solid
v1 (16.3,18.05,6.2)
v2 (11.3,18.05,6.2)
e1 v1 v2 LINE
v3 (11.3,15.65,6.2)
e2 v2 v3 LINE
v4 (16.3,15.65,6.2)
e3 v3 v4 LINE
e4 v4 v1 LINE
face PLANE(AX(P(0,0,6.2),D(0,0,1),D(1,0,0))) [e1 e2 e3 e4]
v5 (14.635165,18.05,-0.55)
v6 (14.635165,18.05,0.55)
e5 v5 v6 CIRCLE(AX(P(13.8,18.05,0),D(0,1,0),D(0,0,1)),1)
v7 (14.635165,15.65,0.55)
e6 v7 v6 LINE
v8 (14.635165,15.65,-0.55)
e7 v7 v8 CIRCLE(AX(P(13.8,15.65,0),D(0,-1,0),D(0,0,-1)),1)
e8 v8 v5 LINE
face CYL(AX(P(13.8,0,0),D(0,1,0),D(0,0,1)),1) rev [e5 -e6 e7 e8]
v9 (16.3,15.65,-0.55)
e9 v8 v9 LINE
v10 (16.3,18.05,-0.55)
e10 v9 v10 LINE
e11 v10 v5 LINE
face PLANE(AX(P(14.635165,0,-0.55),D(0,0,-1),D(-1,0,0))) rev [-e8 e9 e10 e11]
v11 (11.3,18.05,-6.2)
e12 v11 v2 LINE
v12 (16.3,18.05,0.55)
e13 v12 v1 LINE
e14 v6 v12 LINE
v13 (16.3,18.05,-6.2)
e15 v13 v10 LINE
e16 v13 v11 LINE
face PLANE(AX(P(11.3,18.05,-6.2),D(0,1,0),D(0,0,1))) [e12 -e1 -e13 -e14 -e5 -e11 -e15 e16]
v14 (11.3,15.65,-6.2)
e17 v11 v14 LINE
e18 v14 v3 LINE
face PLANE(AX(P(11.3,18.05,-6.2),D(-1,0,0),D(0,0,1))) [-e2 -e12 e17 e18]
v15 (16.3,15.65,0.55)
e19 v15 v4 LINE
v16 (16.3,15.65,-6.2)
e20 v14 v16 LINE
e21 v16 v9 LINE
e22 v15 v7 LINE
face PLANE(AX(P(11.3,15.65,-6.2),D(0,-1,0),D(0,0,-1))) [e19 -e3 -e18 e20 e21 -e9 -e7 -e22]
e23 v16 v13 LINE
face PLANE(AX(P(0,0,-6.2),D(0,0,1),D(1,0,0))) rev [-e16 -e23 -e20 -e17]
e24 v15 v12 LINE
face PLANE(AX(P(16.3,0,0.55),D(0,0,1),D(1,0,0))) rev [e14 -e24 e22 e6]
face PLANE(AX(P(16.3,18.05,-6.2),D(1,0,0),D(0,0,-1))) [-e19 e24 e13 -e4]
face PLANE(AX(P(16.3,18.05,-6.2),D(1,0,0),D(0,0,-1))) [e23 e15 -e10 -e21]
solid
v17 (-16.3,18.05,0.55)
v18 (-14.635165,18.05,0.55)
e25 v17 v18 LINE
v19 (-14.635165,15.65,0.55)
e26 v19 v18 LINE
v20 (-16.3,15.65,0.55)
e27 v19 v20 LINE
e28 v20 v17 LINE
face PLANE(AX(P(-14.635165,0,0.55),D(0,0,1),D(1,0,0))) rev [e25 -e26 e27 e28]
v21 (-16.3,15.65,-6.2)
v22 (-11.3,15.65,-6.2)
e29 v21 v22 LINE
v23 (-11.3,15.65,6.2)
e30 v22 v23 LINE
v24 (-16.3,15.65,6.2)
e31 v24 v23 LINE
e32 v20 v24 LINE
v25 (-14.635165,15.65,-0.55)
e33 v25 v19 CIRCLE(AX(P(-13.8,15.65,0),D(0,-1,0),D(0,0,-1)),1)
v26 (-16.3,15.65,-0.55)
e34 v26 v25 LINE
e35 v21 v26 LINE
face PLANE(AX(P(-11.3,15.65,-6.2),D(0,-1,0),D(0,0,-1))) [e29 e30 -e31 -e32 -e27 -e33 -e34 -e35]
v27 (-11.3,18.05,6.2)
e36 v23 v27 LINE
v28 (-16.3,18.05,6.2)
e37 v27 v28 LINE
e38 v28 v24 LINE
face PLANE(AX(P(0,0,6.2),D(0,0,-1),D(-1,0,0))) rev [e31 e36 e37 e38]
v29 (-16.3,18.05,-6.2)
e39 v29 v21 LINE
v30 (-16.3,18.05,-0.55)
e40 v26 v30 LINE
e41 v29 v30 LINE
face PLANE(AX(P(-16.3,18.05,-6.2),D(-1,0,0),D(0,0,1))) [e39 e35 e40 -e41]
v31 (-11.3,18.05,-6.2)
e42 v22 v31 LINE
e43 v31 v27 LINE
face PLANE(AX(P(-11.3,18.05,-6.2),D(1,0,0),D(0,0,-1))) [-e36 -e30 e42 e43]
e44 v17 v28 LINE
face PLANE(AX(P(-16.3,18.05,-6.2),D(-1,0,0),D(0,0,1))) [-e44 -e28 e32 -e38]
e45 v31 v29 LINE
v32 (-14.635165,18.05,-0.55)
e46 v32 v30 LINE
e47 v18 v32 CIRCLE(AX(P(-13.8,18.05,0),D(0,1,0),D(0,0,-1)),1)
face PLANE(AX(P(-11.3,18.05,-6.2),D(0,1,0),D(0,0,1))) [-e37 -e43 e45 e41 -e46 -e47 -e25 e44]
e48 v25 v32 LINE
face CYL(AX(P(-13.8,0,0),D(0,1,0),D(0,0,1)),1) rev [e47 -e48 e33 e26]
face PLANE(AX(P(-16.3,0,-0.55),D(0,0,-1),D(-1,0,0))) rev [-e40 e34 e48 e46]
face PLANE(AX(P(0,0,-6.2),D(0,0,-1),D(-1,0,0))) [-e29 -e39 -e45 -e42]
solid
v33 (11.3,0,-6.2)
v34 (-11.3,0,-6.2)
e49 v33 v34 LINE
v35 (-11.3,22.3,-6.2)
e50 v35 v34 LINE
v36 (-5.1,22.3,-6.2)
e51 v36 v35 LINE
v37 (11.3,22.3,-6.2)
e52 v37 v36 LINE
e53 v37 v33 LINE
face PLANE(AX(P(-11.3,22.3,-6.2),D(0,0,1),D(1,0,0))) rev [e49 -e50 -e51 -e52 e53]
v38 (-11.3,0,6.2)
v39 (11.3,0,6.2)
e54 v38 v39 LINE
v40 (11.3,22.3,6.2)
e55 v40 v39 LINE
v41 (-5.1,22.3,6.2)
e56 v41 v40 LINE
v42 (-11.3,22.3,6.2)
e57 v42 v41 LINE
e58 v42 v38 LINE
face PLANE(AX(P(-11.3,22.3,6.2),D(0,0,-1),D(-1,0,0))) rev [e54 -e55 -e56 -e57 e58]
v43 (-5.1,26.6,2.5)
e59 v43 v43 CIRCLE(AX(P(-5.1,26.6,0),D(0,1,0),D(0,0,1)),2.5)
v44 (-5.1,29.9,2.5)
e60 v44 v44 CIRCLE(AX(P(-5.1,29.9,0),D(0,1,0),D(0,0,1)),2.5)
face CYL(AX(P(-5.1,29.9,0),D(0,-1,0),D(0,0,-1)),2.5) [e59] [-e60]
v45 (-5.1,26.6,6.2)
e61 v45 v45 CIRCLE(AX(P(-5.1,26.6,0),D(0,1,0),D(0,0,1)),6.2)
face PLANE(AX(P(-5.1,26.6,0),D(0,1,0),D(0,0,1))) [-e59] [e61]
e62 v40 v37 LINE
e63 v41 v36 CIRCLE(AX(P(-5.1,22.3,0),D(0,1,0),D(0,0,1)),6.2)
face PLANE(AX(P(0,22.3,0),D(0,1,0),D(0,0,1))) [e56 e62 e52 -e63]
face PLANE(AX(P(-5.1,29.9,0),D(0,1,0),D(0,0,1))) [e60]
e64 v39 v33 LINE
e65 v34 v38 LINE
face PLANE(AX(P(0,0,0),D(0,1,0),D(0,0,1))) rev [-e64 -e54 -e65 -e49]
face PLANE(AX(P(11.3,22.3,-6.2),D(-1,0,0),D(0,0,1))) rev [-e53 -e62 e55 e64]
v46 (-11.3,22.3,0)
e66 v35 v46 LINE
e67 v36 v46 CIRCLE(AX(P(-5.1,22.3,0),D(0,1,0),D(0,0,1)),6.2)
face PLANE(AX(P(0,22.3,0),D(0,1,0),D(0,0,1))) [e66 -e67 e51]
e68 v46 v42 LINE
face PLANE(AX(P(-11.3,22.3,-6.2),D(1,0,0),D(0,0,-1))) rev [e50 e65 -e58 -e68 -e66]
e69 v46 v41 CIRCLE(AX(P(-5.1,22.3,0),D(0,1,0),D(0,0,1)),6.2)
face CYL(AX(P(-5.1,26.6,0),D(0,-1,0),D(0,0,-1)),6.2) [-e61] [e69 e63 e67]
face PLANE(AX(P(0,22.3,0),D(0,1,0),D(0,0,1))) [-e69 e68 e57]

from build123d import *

# Parameters (mm, degrees)
SKETCH_1_W          = 22.6
SKETCH_1_H          = 12.4
EXTRUDE_1_DEPTH     = 22.3
SKETCH_2_W          = 5
SKETCH_2_H          = 2.4
EXTRUDE_2_DEPTH     = 12.4
EXTRUDE_2_2_DEPTH   = 12.4
CUT_EXTRUDE_1_DEPTH = 26.098456128
SKETCH_4_R          = 6.2
EXTRUDE_3_DEPTH     = 4.3
SKETCH_5_R          = 2.5
EXTRUDE_4_DEPTH     = 3.3


with BuildPart() as part:
    # 草图1 → 凸台-拉伸1 (new body)
    with BuildSketch(Plane(origin=(0, 0, 0), x_dir=(1, 0, 0), z_dir=(0, 1, 0))):
        Rectangle(SKETCH_1_W, SKETCH_1_H)
    extrude(amount=EXTRUDE_1_DEPTH)

    # 草图4 → 凸台-拉伸3 (add)
    with BuildSketch(Plane(origin=(0, 22.3, 0), x_dir=(1, 0, 0), z_dir=(0, 1, 0))):
        with Locations(Location((-5.1, 0, 0), (0, 0, 270))):
            Circle(SKETCH_4_R)
    extrude(amount=EXTRUDE_3_DEPTH)

    # 草图5 → 凸台-拉伸4 (add)
    with BuildSketch(Plane(origin=(0, 26.6, 0), x_dir=(1, 0, 0), z_dir=(0, 1, 0))):
        with Locations(Location((-5.1, 0, 0), (0, 0, 270))):
            Circle(SKETCH_5_R)
    extrude(amount=EXTRUDE_4_DEPTH)


with BuildPart() as body_2:
    # 草图2 → 凸台-拉伸2 (new, through all)
    with BuildSketch(Plane.XY.offset(6.2)):
        with Locations((13.8, 16.85)):
            Rectangle(SKETCH_2_W, SKETCH_2_H)
    extrude(amount=-EXTRUDE_2_DEPTH)


with BuildPart() as body_3:
    # 草图2 → Extrude 2 2 (new, through all)
    with BuildSketch(Plane.XY.offset(6.2)):
        with Locations((-13.8, 16.85)):
            Rectangle(SKETCH_2_W, SKETCH_2_H)
    extrude(amount=-EXTRUDE_2_2_DEPTH)


with BuildPart() as cut_extrude_1_tool:
    # 草图3 → 切除-拉伸1 (new, through all)
    with BuildSketch(Plane(origin=(0, 18.05, 0), x_dir=(1, 0, 0), z_dir=(0, 1, 0))):
        with BuildLine():
            Line((14.635164654, 0.55), (16.3, 0.55))
            Line((16.3, 0.55), (16.3, -0.55))
            Line((16.3, -0.55), (14.635164654, -0.55))
            ThreePointArc((14.635164654, -0.55), (12.8, 0), (14.635164654, 0.55))
        make_face()
        with BuildLine():
            Line((-14.635164654, -0.55), (-16.3, -0.55))
            Line((-16.3, -0.55), (-16.3, 0.55))
            Line((-16.3, 0.55), (-14.635164654, 0.55))
            ThreePointArc((-14.635164654, 0.55), (-12.8, 0), (-14.635164654, -0.55))
        make_face()
    extrude(amount=-CUT_EXTRUDE_1_DEPTH)


with BuildPart() as body_2_1:
    add(body_2.part)

    # 切除-拉伸1: cut by cut_extrude_1_tool
    add(cut_extrude_1_tool.part, mode=Mode.SUBTRACT)


with BuildPart() as body_3_1:
    add(body_3.part)

    # 切除-拉伸1: cut by cut_extrude_1_tool
    add(cut_extrude_1_tool.part, mode=Mode.SUBTRACT)


solid = Compound([part.part, body_2_1.part, body_3_1.part])
